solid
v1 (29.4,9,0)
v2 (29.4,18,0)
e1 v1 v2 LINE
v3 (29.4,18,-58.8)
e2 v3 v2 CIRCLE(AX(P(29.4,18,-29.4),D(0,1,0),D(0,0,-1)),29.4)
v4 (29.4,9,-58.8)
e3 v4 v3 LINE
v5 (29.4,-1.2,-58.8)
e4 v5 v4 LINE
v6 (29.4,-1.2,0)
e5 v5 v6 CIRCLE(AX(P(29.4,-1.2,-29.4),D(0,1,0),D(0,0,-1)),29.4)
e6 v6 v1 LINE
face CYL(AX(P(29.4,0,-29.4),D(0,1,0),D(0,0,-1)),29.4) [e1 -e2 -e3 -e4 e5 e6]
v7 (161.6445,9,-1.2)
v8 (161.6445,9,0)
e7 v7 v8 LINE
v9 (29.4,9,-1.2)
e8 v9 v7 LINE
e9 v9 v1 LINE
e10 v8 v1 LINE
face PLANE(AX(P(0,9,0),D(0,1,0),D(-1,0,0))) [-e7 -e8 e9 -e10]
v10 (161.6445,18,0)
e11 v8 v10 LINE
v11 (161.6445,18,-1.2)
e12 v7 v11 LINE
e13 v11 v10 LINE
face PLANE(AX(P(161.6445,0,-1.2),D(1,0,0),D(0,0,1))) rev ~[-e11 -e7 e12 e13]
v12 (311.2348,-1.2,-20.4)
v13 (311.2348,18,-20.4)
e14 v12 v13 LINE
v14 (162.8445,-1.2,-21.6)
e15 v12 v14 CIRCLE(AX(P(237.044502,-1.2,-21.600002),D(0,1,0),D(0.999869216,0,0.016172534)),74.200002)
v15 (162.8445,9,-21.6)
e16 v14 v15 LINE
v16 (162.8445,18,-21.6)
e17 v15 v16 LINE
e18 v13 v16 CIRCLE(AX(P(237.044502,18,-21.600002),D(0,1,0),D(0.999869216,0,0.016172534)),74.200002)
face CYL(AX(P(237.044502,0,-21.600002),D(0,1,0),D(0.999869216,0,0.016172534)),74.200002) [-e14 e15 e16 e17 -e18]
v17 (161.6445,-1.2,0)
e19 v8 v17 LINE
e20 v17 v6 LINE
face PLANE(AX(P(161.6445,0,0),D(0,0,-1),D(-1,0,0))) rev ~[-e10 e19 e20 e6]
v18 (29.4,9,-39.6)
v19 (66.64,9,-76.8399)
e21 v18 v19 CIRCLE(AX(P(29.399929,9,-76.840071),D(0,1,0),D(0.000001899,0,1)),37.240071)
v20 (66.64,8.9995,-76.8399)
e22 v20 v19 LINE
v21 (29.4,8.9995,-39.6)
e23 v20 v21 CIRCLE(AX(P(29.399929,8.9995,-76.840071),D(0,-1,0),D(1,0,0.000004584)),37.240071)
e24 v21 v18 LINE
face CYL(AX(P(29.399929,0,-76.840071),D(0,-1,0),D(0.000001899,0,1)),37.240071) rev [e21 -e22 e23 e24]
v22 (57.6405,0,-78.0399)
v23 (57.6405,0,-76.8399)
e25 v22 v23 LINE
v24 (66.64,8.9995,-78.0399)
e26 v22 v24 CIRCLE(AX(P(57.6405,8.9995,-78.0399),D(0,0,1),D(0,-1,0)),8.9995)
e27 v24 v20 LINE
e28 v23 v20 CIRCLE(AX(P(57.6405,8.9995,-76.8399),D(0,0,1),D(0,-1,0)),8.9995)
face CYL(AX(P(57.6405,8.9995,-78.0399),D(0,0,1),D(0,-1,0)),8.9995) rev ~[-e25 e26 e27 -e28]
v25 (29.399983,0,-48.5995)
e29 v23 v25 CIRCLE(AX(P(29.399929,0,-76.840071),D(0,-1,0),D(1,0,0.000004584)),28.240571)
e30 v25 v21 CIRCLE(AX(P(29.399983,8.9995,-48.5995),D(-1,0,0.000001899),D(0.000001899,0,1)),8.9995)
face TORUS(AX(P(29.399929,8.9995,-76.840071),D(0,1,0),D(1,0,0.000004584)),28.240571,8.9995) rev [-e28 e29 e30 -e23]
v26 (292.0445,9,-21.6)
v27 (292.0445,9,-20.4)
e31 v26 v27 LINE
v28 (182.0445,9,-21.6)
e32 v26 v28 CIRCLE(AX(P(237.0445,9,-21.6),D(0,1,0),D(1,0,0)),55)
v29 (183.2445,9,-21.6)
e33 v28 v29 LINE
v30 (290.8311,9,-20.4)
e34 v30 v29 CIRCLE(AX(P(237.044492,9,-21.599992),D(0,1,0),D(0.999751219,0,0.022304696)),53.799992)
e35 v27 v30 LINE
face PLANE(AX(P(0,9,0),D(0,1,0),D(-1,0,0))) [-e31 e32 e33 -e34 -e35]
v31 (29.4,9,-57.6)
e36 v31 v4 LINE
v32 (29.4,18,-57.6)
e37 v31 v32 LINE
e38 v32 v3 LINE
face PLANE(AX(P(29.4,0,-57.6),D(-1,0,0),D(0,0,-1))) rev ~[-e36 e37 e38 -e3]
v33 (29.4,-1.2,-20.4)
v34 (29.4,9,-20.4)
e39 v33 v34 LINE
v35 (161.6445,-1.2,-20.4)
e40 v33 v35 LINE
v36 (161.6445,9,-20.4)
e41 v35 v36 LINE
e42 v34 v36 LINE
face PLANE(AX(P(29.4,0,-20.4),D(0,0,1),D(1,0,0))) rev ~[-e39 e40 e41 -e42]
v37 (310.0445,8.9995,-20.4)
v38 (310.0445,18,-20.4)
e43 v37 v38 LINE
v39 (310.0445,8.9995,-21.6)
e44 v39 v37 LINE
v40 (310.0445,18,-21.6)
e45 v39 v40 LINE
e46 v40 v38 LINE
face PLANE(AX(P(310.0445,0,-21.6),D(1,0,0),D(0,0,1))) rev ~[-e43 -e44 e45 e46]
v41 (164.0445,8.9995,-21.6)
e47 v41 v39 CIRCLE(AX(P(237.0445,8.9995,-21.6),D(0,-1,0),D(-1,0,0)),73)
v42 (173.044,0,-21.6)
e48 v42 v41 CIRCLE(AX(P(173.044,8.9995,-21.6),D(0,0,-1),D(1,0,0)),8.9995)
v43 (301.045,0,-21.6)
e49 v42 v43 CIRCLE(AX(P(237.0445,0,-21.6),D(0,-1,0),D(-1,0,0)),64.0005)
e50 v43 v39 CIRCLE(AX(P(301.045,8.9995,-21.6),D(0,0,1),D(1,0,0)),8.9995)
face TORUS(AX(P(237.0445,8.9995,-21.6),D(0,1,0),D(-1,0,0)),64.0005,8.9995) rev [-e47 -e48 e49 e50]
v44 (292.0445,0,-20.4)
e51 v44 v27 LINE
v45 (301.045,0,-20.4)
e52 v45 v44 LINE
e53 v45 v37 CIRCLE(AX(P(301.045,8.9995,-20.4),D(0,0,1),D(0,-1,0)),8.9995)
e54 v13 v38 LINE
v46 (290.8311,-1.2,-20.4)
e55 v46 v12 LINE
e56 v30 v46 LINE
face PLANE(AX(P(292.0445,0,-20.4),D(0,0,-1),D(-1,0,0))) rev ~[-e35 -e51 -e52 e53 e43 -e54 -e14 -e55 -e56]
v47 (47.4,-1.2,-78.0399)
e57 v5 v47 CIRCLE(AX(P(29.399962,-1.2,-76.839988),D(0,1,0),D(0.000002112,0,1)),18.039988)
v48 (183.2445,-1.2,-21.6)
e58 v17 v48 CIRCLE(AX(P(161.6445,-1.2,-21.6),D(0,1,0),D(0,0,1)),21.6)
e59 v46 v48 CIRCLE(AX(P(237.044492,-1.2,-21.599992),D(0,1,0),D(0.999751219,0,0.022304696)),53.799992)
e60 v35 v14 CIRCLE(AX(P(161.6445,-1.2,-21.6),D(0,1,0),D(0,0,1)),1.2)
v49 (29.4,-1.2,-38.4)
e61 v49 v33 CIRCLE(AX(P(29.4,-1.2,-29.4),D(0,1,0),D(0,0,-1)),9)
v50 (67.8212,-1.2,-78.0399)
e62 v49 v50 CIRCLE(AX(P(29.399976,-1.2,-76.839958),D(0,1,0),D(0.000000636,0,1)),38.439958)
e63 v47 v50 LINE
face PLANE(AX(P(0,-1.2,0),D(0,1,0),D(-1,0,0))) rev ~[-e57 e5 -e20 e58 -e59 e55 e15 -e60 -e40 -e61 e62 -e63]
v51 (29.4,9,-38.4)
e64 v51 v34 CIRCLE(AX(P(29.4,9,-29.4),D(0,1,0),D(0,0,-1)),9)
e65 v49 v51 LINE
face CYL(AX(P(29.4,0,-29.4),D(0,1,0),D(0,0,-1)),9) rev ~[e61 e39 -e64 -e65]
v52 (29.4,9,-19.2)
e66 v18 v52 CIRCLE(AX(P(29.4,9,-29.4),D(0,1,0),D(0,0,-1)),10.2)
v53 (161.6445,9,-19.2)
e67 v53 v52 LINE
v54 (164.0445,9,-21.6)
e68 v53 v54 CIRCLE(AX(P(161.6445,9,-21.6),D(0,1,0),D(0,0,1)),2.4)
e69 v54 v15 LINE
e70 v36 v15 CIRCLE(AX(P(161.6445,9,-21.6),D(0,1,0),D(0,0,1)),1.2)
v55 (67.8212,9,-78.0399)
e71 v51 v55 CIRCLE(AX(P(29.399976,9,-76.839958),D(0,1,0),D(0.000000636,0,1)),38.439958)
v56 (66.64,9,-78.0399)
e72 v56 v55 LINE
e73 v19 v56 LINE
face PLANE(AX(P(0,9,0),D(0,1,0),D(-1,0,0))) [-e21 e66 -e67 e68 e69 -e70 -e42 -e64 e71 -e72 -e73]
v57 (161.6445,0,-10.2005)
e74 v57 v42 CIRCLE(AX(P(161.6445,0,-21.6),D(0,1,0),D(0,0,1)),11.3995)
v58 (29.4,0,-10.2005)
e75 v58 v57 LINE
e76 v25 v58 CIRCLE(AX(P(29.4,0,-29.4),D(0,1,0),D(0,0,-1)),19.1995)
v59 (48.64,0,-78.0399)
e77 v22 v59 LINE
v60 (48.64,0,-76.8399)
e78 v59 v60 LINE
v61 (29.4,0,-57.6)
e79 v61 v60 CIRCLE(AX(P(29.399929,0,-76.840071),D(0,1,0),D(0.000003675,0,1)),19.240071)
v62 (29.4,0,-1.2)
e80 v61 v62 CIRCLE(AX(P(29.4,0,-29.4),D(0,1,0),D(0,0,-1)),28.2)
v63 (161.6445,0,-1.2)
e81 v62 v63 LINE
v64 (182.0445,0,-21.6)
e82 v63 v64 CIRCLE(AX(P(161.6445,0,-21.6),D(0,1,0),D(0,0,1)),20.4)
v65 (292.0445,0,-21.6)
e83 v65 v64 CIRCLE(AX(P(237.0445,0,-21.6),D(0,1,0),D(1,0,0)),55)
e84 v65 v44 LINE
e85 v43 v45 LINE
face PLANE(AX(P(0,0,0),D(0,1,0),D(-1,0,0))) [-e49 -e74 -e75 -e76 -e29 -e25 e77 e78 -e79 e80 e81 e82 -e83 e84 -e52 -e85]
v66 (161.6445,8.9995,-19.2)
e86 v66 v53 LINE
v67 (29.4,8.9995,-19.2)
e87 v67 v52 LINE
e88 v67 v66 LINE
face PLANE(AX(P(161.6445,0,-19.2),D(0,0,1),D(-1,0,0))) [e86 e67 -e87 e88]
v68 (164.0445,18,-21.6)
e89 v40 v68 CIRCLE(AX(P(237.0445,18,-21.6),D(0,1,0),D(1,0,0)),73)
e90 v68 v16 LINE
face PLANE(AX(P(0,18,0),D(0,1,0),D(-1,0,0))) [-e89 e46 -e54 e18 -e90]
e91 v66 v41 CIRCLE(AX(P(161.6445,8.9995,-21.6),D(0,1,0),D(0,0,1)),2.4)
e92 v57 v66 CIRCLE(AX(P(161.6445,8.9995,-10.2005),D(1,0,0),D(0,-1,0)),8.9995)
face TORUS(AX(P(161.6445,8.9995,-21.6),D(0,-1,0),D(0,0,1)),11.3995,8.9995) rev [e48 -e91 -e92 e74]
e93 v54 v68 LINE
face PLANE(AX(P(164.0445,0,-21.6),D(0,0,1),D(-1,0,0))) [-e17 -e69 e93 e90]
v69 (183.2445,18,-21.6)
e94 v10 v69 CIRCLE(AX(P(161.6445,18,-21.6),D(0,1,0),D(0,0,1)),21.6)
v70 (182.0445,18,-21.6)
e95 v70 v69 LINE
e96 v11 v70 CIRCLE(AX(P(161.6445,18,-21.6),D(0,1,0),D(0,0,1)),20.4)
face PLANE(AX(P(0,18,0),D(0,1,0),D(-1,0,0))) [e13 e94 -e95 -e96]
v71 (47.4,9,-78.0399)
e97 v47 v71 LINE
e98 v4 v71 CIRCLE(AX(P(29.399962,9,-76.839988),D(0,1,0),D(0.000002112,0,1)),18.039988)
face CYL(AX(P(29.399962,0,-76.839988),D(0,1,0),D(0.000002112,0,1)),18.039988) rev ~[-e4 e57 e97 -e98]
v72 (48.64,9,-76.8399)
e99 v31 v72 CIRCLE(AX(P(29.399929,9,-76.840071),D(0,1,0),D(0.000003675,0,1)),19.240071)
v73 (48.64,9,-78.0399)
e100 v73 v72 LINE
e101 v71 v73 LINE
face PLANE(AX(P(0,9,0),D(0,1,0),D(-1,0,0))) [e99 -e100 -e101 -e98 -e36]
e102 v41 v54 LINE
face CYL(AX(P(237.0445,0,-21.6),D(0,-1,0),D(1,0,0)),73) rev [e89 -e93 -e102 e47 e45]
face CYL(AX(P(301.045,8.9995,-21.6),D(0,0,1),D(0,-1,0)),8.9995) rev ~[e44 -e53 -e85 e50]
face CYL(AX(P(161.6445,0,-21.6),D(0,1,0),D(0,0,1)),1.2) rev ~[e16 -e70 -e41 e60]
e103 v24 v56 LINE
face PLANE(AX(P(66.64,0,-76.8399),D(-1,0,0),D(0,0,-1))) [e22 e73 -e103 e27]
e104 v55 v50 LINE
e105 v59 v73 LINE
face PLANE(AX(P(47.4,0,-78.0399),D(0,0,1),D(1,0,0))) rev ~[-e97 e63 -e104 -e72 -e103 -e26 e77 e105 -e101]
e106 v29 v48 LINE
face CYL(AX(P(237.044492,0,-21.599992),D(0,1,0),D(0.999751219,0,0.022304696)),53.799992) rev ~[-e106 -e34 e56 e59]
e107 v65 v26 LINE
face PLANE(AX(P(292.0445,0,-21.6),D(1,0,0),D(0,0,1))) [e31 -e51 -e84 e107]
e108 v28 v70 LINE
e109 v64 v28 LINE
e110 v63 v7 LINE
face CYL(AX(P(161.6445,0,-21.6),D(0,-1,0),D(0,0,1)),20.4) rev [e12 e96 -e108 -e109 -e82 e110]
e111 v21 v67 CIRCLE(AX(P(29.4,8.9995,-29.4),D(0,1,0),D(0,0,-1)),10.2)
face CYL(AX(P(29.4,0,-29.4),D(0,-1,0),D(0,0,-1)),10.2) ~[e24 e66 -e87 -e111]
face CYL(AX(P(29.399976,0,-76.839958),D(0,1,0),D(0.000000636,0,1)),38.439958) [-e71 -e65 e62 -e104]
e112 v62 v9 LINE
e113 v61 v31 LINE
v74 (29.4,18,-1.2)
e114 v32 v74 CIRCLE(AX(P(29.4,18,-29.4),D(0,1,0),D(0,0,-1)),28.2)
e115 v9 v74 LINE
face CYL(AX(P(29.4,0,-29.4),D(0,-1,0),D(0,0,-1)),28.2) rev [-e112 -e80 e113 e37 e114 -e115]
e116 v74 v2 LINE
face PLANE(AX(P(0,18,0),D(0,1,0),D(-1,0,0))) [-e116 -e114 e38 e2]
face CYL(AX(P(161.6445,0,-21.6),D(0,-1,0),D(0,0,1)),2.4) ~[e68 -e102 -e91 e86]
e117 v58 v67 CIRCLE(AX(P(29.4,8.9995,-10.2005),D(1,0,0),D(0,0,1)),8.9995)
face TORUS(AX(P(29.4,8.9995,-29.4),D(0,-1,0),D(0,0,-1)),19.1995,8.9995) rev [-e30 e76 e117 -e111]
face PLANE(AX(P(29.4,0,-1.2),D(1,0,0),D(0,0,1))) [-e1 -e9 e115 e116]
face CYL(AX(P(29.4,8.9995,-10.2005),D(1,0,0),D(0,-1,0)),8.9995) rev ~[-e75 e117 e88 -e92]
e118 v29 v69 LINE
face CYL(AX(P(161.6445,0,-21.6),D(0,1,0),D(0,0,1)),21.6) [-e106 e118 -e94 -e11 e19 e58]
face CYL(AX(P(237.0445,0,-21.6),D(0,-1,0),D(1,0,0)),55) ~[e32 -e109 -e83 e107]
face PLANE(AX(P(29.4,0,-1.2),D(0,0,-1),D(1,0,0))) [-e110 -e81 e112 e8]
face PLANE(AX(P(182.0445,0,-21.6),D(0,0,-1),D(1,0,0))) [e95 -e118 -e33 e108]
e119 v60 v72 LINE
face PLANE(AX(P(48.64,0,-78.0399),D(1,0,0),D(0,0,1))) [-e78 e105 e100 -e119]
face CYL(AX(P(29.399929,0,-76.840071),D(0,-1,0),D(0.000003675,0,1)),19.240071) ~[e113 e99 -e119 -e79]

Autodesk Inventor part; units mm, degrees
ref_plane "YZ Plane" through (0, 0, 0) normal (1, 0, 0) x (0, 1, 0)
ref_plane "XZ Plane" through (0, 0, 0) normal (0, 1, 0) x (-1, 0, 0)
ref_plane "XY Plane" through (0, 0, 0) normal (0, 0, 1) x (1, 0, 0)
sketch "Esboço1" plane through (0, 0, 0) normal (0, 1, 0) x (-1, 0, 0)
  arc A0 (-292.0445, -21.6) -> (-182.0445, -21.6) centre (-237.0445, -21.6) ccw
  line L0 (-292.0445, -21.6) -> (-237.0445, -21.6) construction
  line L1 (-182.0445, -21.6) -> (-237.0445, -21.6) construction
  arc A1 (-161.6445, -1.2) -> (-182.0445, -21.6) centre (-161.6445, -21.6) ccw
  line L2 (-182.0445, -21.6) -> (-161.6445, -21.6) construction
  line L3 (-161.6445, -1.2) -> (-161.6445, -21.6) construction
  arc A2 (-29.4, -57.6) -> (-29.4, -1.2) centre (-29.4, -29.4) ccw
  line L4 (-29.4, -1.2) -> (-29.4, -29.4) construction
  line L5 (-29.4, -57.6) -> (-29.4, -29.4) construction
  arc A3 (-29.4, -57.6) -> (-48.64, -76.8399) centre (-29.4, -76.8399) ccw
  line L6 (-29.4, -57.6) -> (-29.4, -76.8399) construction
  line L7 (-48.64, -76.8399) -> (-29.4, -76.8399) construction
  line L8 (-29.4, -1.2) -> (-161.6445, -1.2)
  arc A4 (-310.0445, -21.6) -> (-164.0445, -21.6) centre (-237.0445, -21.6) ccw
  arc A5 (-161.6445, -19.2) -> (-164.0445, -21.6) centre (-161.6445, -21.6) ccw
  line L9 (-161.6445, -19.2) -> (-29.4, -19.2)
  arc A6 (-29.4, -39.6) -> (-29.4, -19.2) centre (-29.4, -29.4) ccw
  arc A7 (-29.4, -39.6) -> (-66.64, -76.8399) centre (-29.4, -76.8399) ccw
  line L10 (-48.64, -76.8399) -> (-66.64, -76.8399)
  line L11 (-292.0445, -21.6) -> (-310.0445, -21.6)
  arc A8 (-311.2348, -20.4) -> (-162.8445, -21.6) centre (-237.0445, -21.6) ccw
  line L12 (-311.2348, -20.4) -> (-290.8311, -20.4)
  arc A9 (-290.8311, -20.4) -> (-183.2445, -21.6) centre (-237.0445, -21.6) ccw
  arc A10 (-161.6445, 0) -> (-183.2445, -21.6) centre (-161.6445, -21.6) ccw
  line L13 (-161.6445, 0) -> (-29.4, 0)
  arc A11 (-29.4, -58.8) -> (-29.4, 0) centre (-29.4, -29.4) ccw
  arc A12 (-29.4, -58.8) -> (-47.4, -78.0399) centre (-29.4, -76.8399) ccw
  line L14 (-47.4, -78.0399) -> (-67.8212, -78.0399)
  arc A13 (-29.4, -38.4) -> (-67.8212, -78.0399) centre (-29.4, -76.8399) ccw
  arc A14 (-29.4, -38.4) -> (-29.4, -20.4) centre (-29.4, -29.4) ccw
  line L15 (-29.4, -20.4) -> (-161.6445, -20.4)
  arc A15 (-161.6445, -20.4) -> (-162.8445, -21.6) centre (-161.6445, -21.6) ccw
  line L16 (-66.64, -76.8399) -> (-66.64, -78.0399)
  line L17 (-48.64, -78.0399) -> (-48.64, -76.8399)
  line L18 (-310.0445, -21.6) -> (-310.0445, -20.4)
  line L19 (-292.0445, -21.6) -> (-292.0445, -20.4)
  line L20 (-164.0445, -21.6) -> (-162.8445, -21.6)
  line L21 (-182.0445, -21.6) -> (-183.2445, -21.6)
  line L22 (-161.6445, -1.2) -> (-161.6445, 0)
  line L23 (-161.6445, -20.4) -> (-161.6445, -19.2)
  line L24 (-29.4, -38.4) -> (-29.4, -39.6)
  line L25 (-29.4, -57.6) -> (-29.4, -58.8)
  line L26 (-29.4, -1.2) -> (-29.4, 0)
  point P0 (0, 0)
  point P1 (-163.4445, -21.6)
  point P2 (-95.5222, 0)
  point P3 (0, -29.4)
  point P4 (-95.5222, -20.4)
  point P5 (-301.0329, -20.4)
  point P6 (-161.6445, -0.6)
  point P7 (-182.6445, -21.6)
  point P8 (-161.6445, -19.8)
  point P9 (-183.2445, -21.6)
  point P10 (-182.0445, -21.6)
  point P11 (-161.6445, 0)
  point P12 (-161.6445, -1.2)
  point P13 (-164.0445, -21.6)
  point P14 (-162.8445, -21.6)
  point P15 (-29.4, -39)
  point P16 (-29.4, -58.2)
  point P17 (-29.4, -0.6)
  point P18 (-29.4, -58.8)
  point P19 (-29.4, -57.6)
  point P20 (-29.4, -1.2)
  point P21 (-29.4, 0)
  dimension "d22" = 180
  dimension "d23" = 110
  dimension "d24" = 90
  dimension "d25" = 180
  dimension "d26" = 90
  dimension "d27" = 18
  dimension "d28" = 18
  dimension "d29" = 18
  dimension "d30" = 20.4
  dimension "d31" = 1.2
  dimension "d32" = 18
  dimension "d33" = 132.2445
extrude "Extrusão1" add sketch "Esboço1" against normal blind 1.2
extrude "Extrusão2" add sketch "Esboço1" along normal blind 9 contours L19 L12 A9 L21 A0 | L22 L13 L26 L8 | A5 L23 A15 L20 | L9 A6 L24 A14 L15 L23 | L25 A12 L14 L17 A3 | A7 L16 L14 A13 L24
extrude "Extrusão3" add sketch "Esboço1" along normal blind 18 contours L21 A10 L22 A1 | A4 L20 A8 L12 L18 | L26 A11 L25 A2
fillet "Arredondamento2" radius 9 7 edges at (19.2, 0, -29.4) (55.7326, 0, -50.5073) (66.64, 0, -77.4399) (163.3415, 0, -19.9029) (237.0445, 0, -94.6) (310.0445, 0, -21) (95.5222, 0, -19.2)
equation "\"d27\" = Diâmetro_esfera"
equation "\"d28\" = Diâmetro_esfera"
equation "\"d29\" = Diâmetro_esfera"
equation "\"Diâmetro_esfera\" = 18"
equation "\"Filamento\" = 0.4"
equation "\"Margem\" = 3 * Filamento"
equation "\"Parafuso\" = 3"
properties part number "Agrupar bolinhas novamente" material "Plástico PET"
